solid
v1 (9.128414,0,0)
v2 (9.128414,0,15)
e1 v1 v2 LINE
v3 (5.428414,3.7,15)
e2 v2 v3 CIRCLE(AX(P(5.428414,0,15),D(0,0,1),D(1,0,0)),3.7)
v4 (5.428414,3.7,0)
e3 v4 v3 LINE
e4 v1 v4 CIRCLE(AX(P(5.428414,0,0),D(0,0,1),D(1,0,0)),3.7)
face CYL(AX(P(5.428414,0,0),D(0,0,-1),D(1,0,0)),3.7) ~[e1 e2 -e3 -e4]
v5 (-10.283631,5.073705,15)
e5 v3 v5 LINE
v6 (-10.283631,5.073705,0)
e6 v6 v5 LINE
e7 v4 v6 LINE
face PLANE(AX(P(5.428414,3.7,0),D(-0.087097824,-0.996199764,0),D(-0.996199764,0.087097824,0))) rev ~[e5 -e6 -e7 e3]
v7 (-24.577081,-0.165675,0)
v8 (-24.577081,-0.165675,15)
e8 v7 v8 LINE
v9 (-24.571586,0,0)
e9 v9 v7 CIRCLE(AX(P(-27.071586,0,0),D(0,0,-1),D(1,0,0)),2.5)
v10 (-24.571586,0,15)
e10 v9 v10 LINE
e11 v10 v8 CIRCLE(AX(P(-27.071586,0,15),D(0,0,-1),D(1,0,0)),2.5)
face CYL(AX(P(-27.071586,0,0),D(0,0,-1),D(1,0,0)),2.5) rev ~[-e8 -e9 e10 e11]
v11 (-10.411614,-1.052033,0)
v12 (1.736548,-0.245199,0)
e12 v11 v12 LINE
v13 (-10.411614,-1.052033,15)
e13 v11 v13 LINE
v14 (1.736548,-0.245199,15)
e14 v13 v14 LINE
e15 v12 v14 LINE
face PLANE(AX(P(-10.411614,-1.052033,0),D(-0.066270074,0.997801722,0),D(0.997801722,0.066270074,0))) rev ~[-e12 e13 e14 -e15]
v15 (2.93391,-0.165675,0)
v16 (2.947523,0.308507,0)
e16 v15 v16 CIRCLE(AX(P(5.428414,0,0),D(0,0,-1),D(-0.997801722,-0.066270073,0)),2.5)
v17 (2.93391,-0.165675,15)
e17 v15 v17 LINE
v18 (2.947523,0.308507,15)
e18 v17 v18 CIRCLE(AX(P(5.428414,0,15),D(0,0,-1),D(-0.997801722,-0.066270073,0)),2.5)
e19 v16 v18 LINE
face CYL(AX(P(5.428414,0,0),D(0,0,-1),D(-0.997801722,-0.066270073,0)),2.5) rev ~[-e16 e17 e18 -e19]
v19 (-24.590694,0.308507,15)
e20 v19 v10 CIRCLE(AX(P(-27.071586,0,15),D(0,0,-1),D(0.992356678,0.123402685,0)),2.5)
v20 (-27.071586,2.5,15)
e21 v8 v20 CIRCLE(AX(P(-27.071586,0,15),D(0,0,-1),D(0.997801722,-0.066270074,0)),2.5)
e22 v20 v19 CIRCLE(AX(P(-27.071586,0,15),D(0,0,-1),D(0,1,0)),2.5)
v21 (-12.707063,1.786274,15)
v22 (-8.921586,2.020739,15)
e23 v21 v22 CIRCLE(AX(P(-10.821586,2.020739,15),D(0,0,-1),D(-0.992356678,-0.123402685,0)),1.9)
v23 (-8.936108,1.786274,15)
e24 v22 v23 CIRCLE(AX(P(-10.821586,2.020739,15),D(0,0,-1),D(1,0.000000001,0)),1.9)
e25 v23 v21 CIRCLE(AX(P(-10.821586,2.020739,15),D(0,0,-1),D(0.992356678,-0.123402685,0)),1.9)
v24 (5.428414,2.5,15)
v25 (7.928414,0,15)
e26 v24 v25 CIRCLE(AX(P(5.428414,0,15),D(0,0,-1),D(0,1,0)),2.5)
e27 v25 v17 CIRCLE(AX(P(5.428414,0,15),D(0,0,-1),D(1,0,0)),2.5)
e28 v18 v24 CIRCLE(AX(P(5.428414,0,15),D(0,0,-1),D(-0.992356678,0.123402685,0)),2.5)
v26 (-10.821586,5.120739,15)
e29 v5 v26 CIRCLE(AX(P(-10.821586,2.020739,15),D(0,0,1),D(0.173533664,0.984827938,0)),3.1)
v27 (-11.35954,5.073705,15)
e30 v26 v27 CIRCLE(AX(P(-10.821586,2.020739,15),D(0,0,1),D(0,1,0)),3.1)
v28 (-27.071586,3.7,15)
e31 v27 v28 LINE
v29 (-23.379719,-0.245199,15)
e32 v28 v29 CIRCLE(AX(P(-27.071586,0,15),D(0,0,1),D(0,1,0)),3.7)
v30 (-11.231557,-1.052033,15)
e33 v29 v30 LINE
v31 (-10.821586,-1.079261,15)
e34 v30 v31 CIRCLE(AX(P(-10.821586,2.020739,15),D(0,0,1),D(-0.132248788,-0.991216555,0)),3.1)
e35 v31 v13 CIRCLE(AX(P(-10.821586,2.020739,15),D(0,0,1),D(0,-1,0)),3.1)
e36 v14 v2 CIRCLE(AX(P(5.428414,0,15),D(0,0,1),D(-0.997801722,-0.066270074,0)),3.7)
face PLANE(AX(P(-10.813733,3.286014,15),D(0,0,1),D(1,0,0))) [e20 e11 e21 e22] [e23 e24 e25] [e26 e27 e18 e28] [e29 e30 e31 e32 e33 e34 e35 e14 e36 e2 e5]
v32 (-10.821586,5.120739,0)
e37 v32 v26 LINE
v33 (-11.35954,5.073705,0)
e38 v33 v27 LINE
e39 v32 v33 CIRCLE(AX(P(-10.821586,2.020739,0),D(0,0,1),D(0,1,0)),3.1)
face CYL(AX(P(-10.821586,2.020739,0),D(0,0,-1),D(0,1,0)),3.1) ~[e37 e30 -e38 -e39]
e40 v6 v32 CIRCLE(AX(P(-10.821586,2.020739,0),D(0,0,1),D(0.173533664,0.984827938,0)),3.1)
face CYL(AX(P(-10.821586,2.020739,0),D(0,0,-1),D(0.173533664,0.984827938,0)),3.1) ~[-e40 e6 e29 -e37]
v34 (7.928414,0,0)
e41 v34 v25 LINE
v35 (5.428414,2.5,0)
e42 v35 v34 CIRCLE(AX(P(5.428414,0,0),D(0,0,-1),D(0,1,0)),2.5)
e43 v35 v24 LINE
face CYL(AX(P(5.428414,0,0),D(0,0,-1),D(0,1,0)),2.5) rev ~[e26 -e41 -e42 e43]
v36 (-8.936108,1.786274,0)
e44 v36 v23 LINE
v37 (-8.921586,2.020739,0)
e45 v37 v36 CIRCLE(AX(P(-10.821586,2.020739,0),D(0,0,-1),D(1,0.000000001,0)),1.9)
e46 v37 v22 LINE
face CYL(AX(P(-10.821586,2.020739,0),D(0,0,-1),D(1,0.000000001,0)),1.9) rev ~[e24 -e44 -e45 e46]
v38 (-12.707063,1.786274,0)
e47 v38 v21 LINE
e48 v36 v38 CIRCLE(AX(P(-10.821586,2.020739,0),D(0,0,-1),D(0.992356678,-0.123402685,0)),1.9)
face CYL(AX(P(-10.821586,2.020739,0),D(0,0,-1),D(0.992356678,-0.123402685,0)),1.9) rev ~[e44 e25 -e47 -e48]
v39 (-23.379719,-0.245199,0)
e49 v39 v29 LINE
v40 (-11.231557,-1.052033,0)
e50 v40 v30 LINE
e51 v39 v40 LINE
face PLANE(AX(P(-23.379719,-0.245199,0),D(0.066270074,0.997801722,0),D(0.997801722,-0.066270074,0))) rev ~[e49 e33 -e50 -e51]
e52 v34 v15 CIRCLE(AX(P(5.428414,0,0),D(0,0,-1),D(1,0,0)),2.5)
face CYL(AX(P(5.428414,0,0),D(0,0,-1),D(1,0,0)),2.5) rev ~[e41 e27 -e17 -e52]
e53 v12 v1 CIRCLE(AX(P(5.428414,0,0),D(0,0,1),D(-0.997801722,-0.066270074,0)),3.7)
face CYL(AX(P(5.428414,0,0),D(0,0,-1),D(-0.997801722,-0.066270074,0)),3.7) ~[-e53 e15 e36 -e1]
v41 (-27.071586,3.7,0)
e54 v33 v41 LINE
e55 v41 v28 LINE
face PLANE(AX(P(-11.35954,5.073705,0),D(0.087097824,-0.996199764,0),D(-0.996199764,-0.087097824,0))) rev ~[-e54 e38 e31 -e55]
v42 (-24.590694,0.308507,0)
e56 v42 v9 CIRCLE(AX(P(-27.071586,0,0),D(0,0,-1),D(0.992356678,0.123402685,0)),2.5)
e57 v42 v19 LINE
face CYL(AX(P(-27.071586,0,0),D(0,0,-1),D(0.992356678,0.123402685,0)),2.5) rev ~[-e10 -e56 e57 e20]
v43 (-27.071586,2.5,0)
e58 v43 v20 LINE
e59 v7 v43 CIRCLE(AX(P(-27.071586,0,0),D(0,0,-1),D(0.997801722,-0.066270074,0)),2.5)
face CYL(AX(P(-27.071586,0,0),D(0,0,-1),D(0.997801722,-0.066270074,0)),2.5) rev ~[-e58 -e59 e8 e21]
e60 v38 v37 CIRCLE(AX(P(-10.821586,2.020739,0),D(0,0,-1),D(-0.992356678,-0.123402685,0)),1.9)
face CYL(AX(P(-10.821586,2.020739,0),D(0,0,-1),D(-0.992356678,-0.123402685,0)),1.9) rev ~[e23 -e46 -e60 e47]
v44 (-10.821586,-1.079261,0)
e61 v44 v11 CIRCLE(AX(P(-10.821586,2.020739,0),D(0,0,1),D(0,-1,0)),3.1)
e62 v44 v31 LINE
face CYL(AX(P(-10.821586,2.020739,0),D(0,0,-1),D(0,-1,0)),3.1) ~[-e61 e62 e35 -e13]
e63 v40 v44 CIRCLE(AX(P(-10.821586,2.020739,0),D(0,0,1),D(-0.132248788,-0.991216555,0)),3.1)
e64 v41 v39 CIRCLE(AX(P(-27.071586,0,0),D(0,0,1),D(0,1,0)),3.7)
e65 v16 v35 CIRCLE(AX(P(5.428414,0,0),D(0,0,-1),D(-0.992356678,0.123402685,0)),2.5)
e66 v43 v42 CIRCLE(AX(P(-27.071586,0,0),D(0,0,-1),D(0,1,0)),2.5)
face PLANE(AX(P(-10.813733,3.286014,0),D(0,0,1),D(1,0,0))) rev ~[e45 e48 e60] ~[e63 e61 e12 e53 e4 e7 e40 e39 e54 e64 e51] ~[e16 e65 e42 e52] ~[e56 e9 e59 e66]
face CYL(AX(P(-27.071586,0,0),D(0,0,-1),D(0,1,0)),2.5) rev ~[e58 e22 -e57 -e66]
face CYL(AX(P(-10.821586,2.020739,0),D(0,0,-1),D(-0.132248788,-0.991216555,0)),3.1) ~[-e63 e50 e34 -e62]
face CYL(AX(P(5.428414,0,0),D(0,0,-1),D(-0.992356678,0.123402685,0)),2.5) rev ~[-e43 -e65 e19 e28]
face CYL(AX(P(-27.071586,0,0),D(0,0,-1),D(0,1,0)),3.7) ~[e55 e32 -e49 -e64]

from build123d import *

# Parameters (mm, degrees)
F1_DEPTH = 15


with BuildPart() as f1:
    # F0 (on Top) → F1 (new body)
    with BuildSketch(Plane.XY):
        with BuildLine():
            ThreePointArc((-12.7070632326, 1.7862736847), (-10.9390427498, 3.917104733), (-8.9215855435, 2.0207387861))
            ThreePointArc((-8.9215855435, 2.0207387861), (-8.9252195965, 1.9032815798), (-8.9361078543, 1.7862736847))
            Line((-8.9361078543, 1.7862736847), (-7.7452798401, 1.6381904628))
            ThreePointArc((-7.7452798401, 1.6381904628), (-7.7275147879, 1.8290980811), (-7.7215855435, 2.0207387861))
            ThreePointArc((-7.7215855435, 2.0207387861), (-8.4469636253, 4.0135184392), (-10.283631186, 5.073705394))
            Line((-10.283631186, 5.073705394), (-10.8215855435, 5.1207387861))
            Line((-10.8215855435, 5.1207387861), (-11.359539901, 5.073705394))
            ThreePointArc((-11.359539901, 5.073705394), (-13.3148584241, 3.8629087952), (-13.8978912468, 1.6381904628))
            Line((-13.8978912468, 1.6381904628), (-12.7070632326, 1.7862736847))
        make_face()
        with BuildLine():
            ThreePointArc((-8.9361078543, 1.7862736847), (-10.8215855435, 0.1207387861), (-12.7070632326, 1.7862736847))
            Line((-12.7070632326, 1.7862736847), (-13.8978912468, 1.6381904628))
            ThreePointArc((-13.8978912468, 1.6381904628), (-13.0233704275, -0.1614947771), (-11.2315567845, -1.0520325333))
            Line((-11.2315567845, -1.0520325333), (-10.8215855435, -1.0792612139))
            Line((-10.8215855435, -1.0792612139), (-10.4116143024, -1.0520325333))
            ThreePointArc((-10.4116143024, -1.0520325333), (-8.6198006594, -0.1614947771), (-7.7452798401, 1.6381904628))
            Line((-7.7452798401, 1.6381904628), (-8.9361078543, 1.7862736847))
        make_face()
        with BuildLine():
            ThreePointArc((-11.2315567845, -1.0520325333), (-13.0233704275, -0.1614947771), (-13.8978912468, 1.6381904628))
            Line((-13.8978912468, 1.6381904628), (-23.399865833, 0.4565899342))
            ThreePointArc((-23.399865833, 0.4565899342), (-23.3786623836, 0.2287324544), (-23.3715855435, 0))
            ThreePointArc((-23.3715855435, 0), (-23.3736195092, -0.122667069), (-23.3797191704, -0.2451992728))
            Line((-23.3797191704, -0.2451992728), (-11.2315567845, -1.0520325333))
        make_face()
        with BuildLine():
            Line((-23.399865833, 0.4565899342), (-13.8978912468, 1.6381904628))
            ThreePointArc((-13.8978912468, 1.6381904628), (-13.3148584241, 3.8629087952), (-11.359539901, 5.073705394))
            Line((-11.359539901, 5.073705394), (-27.0715855435, 3.7))
            ThreePointArc((-27.0715855435, 3.7), (-24.6220328043, 2.7730292783), (-23.399865833, 0.4565899342))
        make_face()
        with BuildLine():
            ThreePointArc((-7.7215855435, 2.0207387861), (-7.7275147879, 1.8290980811), (-7.7452798401, 1.6381904628))
            Line((-7.7452798401, 1.6381904628), (1.7566947461, 0.4565899342))
            ThreePointArc((1.7566947461, 0.4565899342), (2.9788617174, 2.7730292783), (5.4284144565, 3.7))
            Line((5.4284144565, 3.7), (-10.283631186, 5.073705394))
            ThreePointArc((-10.283631186, 5.073705394), (-8.4469636253, 4.0135184392), (-7.7215855435, 2.0207387861))
        make_face()
        with BuildLine():
            Line((1.7566947461, 0.4565899342), (-7.7452798401, 1.6381904628))
            ThreePointArc((-7.7452798401, 1.6381904628), (-8.6198006594, -0.1614947771), (-10.4116143024, -1.0520325333))
            Line((-10.4116143024, -1.0520325333), (1.7365480835, -0.2451992728))
            ThreePointArc((1.7365480835, -0.2451992728), (1.7299381453, 0.1061742668), (1.7566947461, 0.4565899342))
        make_face()
        with BuildLine():
            ThreePointArc((-23.3715855435, 0), (-23.3786623836, 0.2287324544), (-23.399865833, 0.4565899342))
            Line((-23.399865833, 0.4565899342), (-24.5906938472, 0.3085067123))
            ThreePointArc((-24.5906938472, 0.3085067123), (-24.5763671922, 0.1545489557), (-24.5715855435, 0))
            ThreePointArc((-24.5715855435, 0), (-24.5729598447, -0.0828831547), (-24.5770812373, -0.1656751843))
            Line((-24.5770812373, -0.1656751843), (-23.3797191704, -0.2451992728))
            ThreePointArc((-23.3797191704, -0.2451992728), (-23.3736195092, -0.122667069), (-23.3715855435, 0))
        make_face()
        with BuildLine():
            Line((-24.5906938472, 0.3085067123), (-23.399865833, 0.4565899342))
            ThreePointArc((-23.399865833, 0.4565899342), (-24.6220328043, 2.7730292783), (-27.0715855435, 3.7))
            Line((-27.0715855435, 3.7), (-27.0715855435, 2.5))
            ThreePointArc((-27.0715855435, 2.5), (-25.4164823413, 1.8736684313), (-24.5906938472, 0.3085067123))
        make_face()
        with BuildLine():
            ThreePointArc((-10.8215855435, 5.1207387861), (-11.0915887984, 5.1089580533), (-11.359539901, 5.073705394))
            Line((-11.359539901, 5.073705394), (-10.8215855435, 5.1207387861))
        make_face()
        with BuildLine():
            Line((-10.8215855435, -1.0792612139), (-11.2315567845, -1.0520325333))
            ThreePointArc((-11.2315567845, -1.0520325333), (-11.027022772, -1.0724465535), (-10.8215855435, -1.0792612139))
        make_face()
        with BuildLine():
            ThreePointArc((5.4284144565, 3.7), (2.9788617174, 2.7730292783), (1.7566947461, 0.4565899342))
            Line((1.7566947461, 0.4565899342), (2.9475227603, 0.3085067123))
            ThreePointArc((2.9475227603, 0.3085067123), (3.7733112544, 1.8736684313), (5.4284144565, 2.5))
            Line((5.4284144565, 2.5), (5.4284144565, 3.7))
        make_face()
        with BuildLine():
            Line((2.9475227603, 0.3085067123), (1.7566947461, 0.4565899342))
            ThreePointArc((1.7566947461, 0.4565899342), (1.7299381453, 0.1061742668), (1.7365480835, -0.2451992728))
            Line((1.7365480835, -0.2451992728), (2.9339101504, -0.1656751843))
            ThreePointArc((2.9339101504, -0.1656751843), (2.929443976, 0.0717393695), (2.9475227603, 0.3085067123))
        make_face()
        with BuildLine():
            ThreePointArc((-10.8215855435, -1.0792612139), (-10.6161483149, -1.0724465535), (-10.4116143024, -1.0520325333))
            Line((-10.4116143024, -1.0520325333), (-10.8215855435, -1.0792612139))
        make_face()
        with BuildLine():
            Line((-27.0715855435, 2.5), (-27.0715855435, 3.7))
            ThreePointArc((-27.0715855435, 3.7), (-29.7731811192, -2.5281181431), (-23.3797191704, -0.2451992728))
            Line((-23.3797191704, -0.2451992728), (-24.5770812373, -0.1656751843))
            ThreePointArc((-24.5770812373, -0.1656751843), (-28.8969879595, -1.7081879345), (-27.0715855435, 2.5))
        make_face()
        with BuildLine():
            ThreePointArc((-10.283631186, 5.073705394), (-10.5515822885, 5.1089580533), (-10.8215855435, 5.1207387861))
            Line((-10.8215855435, 5.1207387861), (-10.283631186, 5.073705394))
        make_face()
        with BuildLine():
            ThreePointArc((9.1284144565, 0), (8.0447095469, 2.6162950904), (5.4284144565, 3.7))
            Line((5.4284144565, 3.7), (5.4284144565, 2.5))
            ThreePointArc((5.4284144565, 2.5), (7.1961814095, 1.767766953), (7.9284144565, 0))
            ThreePointArc((7.9284144565, 0), (5.5112976113, -2.4986256988), (2.9339101504, -0.1656751843))
            Line((2.9339101504, -0.1656751843), (1.7365480835, -0.2451992728))
            ThreePointArc((1.7365480835, -0.2451992728), (5.5510815256, -3.6979660342), (9.1284144565, 0))
        make_face()
    extrude(amount=F1_DEPTH)


solid = f1.part
